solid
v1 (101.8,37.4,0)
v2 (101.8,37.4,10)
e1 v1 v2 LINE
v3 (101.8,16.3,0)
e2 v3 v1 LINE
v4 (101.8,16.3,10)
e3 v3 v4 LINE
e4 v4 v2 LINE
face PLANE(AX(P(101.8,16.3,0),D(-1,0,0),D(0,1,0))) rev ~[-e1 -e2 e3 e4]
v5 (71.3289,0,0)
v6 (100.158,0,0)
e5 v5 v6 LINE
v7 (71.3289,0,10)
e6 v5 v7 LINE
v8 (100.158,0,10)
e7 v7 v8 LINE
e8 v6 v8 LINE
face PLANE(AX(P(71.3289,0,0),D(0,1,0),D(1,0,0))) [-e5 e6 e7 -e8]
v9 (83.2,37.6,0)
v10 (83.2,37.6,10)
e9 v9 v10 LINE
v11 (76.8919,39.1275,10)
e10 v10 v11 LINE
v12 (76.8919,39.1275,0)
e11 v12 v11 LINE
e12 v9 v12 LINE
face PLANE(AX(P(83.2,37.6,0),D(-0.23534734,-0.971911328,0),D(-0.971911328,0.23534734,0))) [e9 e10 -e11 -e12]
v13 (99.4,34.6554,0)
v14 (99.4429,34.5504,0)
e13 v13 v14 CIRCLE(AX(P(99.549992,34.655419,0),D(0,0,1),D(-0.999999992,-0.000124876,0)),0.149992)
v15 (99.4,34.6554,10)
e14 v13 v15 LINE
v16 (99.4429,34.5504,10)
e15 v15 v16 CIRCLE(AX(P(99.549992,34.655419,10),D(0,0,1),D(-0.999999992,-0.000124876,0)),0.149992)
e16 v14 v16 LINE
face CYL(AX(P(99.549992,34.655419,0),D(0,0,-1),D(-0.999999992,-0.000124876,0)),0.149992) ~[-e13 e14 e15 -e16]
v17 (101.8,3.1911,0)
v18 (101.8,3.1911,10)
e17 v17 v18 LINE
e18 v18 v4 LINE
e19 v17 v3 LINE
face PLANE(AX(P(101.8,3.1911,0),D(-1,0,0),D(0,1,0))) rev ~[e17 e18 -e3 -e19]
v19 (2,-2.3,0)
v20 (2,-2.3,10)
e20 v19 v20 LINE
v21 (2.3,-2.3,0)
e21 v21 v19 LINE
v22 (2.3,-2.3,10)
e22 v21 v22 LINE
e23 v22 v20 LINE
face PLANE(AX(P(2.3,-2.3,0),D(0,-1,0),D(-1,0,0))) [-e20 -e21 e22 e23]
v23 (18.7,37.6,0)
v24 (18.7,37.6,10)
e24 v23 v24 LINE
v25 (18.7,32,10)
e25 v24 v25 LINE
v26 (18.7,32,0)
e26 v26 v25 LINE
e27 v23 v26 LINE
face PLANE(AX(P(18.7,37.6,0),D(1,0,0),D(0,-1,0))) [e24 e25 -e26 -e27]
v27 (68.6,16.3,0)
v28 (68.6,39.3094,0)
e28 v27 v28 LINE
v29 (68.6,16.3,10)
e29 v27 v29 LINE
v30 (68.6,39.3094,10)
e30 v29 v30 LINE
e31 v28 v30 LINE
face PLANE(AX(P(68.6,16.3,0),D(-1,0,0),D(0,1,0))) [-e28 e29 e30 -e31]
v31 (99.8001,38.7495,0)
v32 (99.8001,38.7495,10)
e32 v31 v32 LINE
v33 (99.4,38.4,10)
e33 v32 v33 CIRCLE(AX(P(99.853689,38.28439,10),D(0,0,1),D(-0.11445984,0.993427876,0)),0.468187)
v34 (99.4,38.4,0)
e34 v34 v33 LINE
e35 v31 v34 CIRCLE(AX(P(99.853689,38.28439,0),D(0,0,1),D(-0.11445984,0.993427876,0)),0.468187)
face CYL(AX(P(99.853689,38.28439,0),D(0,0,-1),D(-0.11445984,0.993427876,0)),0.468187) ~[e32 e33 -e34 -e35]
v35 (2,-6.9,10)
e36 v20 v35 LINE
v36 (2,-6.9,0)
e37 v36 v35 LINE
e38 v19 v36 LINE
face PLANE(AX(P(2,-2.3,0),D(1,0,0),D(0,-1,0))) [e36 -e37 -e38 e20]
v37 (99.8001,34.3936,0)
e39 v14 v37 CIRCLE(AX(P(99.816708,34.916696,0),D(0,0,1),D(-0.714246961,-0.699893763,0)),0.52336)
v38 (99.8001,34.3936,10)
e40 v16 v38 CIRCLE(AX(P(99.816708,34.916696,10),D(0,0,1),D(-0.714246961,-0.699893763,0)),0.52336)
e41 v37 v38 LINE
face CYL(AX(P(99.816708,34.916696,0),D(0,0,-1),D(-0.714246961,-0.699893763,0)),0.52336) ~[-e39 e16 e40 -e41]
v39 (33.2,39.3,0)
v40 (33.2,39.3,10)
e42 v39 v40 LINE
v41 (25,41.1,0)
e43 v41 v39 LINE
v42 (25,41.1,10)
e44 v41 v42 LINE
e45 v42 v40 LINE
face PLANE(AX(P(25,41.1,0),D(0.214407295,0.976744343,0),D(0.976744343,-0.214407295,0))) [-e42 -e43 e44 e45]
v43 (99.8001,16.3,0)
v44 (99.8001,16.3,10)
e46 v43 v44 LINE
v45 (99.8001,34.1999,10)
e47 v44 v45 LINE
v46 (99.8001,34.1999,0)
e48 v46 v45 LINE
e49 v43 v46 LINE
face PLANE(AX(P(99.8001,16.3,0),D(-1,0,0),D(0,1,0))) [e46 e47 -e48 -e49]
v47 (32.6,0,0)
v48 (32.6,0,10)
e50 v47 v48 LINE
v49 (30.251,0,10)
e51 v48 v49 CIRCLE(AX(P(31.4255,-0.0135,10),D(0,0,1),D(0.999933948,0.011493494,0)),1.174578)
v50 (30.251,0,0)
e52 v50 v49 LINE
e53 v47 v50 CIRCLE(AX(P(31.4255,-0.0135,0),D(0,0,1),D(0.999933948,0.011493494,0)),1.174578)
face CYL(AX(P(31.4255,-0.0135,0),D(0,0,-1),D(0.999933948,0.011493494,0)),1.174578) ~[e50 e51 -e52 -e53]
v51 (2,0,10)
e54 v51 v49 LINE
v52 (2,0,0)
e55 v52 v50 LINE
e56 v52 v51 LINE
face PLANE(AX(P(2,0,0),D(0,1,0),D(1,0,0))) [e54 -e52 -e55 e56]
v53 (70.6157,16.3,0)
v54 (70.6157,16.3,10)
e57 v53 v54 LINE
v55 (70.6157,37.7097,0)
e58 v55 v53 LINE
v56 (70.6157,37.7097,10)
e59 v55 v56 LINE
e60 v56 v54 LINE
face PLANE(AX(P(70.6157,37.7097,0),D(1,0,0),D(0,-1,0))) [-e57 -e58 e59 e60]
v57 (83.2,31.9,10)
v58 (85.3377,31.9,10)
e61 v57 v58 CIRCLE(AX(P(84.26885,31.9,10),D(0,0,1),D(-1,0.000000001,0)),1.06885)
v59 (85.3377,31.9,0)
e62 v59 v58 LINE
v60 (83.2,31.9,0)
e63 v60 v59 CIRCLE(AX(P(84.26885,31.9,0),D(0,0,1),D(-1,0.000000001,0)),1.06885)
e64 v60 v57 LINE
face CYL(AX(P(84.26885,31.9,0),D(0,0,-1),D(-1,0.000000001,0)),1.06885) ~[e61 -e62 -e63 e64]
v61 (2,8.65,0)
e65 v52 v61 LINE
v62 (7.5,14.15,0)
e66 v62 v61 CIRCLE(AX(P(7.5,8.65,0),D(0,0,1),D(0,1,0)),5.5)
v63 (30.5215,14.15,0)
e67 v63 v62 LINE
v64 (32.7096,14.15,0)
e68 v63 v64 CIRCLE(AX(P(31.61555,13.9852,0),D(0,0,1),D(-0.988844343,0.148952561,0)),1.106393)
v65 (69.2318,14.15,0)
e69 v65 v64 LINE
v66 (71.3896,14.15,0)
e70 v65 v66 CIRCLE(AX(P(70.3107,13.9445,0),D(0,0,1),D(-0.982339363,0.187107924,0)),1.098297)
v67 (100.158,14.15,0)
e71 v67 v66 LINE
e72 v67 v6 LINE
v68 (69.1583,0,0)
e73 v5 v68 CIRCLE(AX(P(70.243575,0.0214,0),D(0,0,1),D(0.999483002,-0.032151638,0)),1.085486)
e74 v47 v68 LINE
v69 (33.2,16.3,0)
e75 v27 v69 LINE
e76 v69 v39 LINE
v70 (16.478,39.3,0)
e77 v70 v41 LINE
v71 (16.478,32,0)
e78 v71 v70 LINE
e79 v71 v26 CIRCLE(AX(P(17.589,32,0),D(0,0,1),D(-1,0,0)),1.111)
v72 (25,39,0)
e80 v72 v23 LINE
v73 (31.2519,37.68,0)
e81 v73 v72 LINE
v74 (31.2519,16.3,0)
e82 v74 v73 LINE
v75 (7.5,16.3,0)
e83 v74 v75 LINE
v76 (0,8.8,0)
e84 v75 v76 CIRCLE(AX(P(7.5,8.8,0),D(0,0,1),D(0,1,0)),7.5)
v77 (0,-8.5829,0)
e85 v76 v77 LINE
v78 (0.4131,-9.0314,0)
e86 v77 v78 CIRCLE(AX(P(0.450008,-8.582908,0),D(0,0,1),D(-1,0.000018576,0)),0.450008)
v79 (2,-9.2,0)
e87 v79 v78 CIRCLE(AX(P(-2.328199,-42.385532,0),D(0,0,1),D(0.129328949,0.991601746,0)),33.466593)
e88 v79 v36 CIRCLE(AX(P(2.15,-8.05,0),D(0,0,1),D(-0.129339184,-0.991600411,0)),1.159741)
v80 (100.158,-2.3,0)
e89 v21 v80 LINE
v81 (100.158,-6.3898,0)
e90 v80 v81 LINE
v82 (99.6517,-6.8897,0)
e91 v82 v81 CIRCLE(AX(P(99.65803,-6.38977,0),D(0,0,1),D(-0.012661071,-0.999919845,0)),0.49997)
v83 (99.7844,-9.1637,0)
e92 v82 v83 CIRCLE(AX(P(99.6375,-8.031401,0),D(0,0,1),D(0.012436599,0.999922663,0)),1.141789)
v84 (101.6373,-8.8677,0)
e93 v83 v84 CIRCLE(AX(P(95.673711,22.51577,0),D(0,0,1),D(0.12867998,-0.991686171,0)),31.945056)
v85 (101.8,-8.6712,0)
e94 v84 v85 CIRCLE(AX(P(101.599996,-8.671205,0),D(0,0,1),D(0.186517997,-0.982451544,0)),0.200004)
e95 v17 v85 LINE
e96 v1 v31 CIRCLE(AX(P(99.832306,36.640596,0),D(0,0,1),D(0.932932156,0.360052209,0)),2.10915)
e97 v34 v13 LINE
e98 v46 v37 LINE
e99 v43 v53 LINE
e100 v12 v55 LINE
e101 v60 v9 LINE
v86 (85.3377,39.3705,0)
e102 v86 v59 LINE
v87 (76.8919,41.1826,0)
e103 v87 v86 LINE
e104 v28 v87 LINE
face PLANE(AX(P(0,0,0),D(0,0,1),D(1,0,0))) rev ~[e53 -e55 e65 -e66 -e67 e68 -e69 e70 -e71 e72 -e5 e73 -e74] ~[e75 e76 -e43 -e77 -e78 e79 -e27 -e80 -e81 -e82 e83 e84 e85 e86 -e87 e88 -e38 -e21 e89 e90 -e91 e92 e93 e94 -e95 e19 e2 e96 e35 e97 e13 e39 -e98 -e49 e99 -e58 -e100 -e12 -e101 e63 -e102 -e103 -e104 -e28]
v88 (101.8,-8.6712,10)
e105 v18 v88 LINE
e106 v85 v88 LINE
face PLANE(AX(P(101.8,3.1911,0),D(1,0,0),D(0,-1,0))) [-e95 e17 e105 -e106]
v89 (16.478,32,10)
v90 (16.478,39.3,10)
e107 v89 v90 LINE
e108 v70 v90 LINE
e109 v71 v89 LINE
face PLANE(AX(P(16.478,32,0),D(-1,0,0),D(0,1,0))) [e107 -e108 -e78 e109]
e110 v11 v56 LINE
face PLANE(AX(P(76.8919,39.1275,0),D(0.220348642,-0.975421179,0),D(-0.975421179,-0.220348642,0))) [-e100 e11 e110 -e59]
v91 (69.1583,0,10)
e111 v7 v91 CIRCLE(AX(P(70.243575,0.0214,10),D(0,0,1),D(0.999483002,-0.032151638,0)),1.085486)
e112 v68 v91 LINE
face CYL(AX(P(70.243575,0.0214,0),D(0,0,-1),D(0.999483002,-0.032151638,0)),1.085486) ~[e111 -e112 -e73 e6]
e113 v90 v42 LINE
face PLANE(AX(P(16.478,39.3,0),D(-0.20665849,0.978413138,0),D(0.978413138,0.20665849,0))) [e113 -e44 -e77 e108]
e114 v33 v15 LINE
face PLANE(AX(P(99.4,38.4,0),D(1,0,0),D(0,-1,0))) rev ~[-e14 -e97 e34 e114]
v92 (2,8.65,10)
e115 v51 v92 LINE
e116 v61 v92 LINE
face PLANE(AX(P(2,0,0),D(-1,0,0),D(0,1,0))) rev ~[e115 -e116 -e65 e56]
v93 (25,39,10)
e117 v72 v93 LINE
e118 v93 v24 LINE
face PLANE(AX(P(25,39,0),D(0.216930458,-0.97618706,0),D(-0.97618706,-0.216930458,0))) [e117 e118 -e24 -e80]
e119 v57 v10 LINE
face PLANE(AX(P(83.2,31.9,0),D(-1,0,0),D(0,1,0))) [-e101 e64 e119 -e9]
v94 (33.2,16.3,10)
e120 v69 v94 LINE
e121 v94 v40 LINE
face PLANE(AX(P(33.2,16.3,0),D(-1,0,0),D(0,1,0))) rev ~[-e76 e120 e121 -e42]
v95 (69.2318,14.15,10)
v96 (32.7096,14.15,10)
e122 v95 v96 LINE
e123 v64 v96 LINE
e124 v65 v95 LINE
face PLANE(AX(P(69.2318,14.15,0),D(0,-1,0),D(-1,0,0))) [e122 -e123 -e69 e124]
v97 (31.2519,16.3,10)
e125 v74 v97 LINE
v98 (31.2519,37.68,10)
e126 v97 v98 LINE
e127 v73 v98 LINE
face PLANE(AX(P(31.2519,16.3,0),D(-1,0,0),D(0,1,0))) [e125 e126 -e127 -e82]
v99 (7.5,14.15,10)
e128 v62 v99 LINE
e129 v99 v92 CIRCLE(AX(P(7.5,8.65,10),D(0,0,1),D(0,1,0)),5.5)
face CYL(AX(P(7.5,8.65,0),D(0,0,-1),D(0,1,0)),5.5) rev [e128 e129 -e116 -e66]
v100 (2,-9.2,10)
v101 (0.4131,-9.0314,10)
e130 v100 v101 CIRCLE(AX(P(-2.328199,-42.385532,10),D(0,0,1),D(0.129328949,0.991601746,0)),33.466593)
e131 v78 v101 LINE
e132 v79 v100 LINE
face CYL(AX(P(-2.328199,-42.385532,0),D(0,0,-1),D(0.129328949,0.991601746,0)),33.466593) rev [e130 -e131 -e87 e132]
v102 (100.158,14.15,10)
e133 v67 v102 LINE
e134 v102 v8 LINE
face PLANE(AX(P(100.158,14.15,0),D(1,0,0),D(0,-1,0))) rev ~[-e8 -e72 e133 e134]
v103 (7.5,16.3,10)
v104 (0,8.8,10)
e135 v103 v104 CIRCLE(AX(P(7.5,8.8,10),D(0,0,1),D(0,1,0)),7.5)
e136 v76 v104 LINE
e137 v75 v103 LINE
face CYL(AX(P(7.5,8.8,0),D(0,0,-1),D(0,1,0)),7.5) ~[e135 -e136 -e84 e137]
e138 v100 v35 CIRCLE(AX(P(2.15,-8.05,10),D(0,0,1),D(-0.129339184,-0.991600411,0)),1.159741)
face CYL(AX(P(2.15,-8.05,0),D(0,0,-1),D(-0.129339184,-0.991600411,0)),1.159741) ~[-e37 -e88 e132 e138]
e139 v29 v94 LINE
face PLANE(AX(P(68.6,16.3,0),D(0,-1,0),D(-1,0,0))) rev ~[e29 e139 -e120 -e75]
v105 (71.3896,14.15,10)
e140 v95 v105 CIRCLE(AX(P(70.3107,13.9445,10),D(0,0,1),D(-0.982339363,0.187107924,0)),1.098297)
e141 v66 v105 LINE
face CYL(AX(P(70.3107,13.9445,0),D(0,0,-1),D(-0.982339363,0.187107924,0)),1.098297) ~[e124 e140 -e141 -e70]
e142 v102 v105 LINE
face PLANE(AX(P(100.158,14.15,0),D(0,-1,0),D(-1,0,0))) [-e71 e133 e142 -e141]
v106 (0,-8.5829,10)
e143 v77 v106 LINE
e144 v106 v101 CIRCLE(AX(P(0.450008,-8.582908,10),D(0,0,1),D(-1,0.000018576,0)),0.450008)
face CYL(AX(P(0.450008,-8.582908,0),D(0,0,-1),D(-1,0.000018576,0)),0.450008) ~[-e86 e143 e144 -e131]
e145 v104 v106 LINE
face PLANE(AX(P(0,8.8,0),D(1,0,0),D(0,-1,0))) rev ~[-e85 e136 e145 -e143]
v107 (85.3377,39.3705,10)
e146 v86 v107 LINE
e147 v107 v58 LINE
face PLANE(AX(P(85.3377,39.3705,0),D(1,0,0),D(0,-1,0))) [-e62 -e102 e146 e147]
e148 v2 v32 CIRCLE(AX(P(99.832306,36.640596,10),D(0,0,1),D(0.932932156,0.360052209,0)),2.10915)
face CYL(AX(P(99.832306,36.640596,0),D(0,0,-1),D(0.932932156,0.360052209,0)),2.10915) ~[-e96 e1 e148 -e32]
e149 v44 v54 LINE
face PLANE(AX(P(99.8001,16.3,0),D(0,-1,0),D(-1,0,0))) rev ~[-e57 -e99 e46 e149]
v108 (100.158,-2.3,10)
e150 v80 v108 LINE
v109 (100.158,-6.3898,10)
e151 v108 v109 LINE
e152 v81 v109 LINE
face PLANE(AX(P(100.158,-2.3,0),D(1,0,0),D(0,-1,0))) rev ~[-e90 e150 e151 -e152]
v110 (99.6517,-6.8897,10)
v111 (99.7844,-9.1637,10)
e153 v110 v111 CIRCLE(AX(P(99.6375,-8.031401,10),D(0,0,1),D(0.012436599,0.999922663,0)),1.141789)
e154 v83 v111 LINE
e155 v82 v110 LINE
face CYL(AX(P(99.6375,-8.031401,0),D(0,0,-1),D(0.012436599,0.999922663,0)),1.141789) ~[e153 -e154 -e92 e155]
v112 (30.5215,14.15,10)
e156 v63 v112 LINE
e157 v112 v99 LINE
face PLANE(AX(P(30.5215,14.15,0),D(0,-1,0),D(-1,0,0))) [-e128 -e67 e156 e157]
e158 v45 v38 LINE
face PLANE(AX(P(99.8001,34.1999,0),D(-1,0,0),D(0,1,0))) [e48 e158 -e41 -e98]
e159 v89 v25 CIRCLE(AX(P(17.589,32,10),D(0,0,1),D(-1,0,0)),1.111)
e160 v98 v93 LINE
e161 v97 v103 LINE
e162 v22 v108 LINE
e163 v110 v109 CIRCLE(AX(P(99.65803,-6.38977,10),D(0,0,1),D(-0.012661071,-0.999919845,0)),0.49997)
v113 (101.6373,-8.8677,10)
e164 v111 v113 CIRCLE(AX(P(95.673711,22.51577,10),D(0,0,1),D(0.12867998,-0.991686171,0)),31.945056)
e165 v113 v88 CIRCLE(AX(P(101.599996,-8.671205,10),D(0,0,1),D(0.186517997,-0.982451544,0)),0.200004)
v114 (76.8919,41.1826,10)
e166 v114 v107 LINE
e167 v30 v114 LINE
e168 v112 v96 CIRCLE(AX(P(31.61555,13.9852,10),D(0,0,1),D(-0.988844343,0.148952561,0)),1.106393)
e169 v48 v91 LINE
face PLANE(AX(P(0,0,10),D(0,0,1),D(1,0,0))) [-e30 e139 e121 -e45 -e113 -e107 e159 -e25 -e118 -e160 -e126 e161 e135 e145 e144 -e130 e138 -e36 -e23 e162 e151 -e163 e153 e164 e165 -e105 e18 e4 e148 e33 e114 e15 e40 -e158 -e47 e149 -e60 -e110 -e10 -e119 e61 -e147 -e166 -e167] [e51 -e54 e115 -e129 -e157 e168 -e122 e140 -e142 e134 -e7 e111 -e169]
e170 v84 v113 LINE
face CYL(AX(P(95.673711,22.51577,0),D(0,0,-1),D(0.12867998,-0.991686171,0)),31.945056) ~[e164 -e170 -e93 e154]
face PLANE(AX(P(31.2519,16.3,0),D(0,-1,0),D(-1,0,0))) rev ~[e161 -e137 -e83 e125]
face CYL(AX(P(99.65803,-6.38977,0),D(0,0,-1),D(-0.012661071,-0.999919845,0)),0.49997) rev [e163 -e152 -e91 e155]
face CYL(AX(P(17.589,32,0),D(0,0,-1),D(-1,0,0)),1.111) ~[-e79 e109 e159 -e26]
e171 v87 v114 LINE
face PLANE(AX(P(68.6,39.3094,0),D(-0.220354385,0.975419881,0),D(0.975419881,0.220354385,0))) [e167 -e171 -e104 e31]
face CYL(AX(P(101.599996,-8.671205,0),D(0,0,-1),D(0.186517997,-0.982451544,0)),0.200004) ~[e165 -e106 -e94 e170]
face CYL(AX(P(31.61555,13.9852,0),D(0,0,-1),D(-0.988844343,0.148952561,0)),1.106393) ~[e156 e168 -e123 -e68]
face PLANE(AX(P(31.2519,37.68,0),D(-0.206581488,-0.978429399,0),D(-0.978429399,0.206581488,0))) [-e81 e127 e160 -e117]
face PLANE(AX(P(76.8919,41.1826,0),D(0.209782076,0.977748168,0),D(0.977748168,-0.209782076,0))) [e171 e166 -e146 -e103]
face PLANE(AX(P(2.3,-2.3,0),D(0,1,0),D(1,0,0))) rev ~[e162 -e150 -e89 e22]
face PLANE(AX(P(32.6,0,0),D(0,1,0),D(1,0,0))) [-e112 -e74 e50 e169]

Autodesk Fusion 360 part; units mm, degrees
sketch "Boceto1" plane through (0, 0, 0) normal (0, 0, 1) x (1, 0, 0)
  line L0 (2, 0) -> (2, 8.65)
  line L1 (101.8, 16.3) -> (101.85, 16.3)
  arc A0 (7.5, 14.15) -> (2, 8.65) centre (7.5, 8.65) ccw
  arc A1 (7.5, 16.3) -> (0, 8.8) centre (7.5, 8.8) ccw
  line L2 (2, -2.3) -> (2, -6.9)
  line L3 (2.3, -2.3) -> (2, -2.3)
  line L4 (2.3, -2.3) -> (100.158, -2.3)
  line L5 (101.8, 3.1911) -> (101.8, -8.6712)
  line L6 (101.8, 3.1911) -> (101.8, 37.4)
  line L7 (99.8001, 16.3) -> (99.8001, 34.1999)
  line L8 (100.158, 14.15) -> (100.158, 0)
  line L9 (100.158, -2.3) -> (100.158, -6.3898)
  arc A2 (2, -9.2) -> (2, -6.9) centre (2.15, -8.05) ccw
  arc A3 (2, -9.2) -> (0.4131, -9.0314) centre (-2.3285, -42.3855) ccw
  arc A4 (0, -8.5829) -> (0.4131, -9.0314) centre (0.45, -8.5829) ccw
  arc A5 (99.6517, -6.8897) -> (99.7844, -9.1637) centre (99.6375, -8.0314) ccw
  arc A6 (99.7844, -9.1637) -> (101.6373, -8.8677) centre (95.6739, 22.5158) ccw
  arc A7 (101.6373, -8.8677) -> (101.8, -8.6712) centre (101.6, -8.6712) ccw
  arc A8 (30.5215, 14.15) -> (32.7096, 14.15) centre (31.6155, 13.9852) ccw
  arc A9 (32.6, 0) -> (30.251, 0) centre (31.4255, -0.0135) ccw
  arc A10 (71.3285, -0.0135) -> (69.1583, 0) centre (70.2436, 0.0214) ccw
  arc A11 (69.2318, 14.15) -> (71.3896, 14.15) centre (70.3107, 13.9445) ccw
  line L10 (30.5215, 14.15) -> (7.5, 14.15)
  line L11 (100.158, 14.15) -> (71.3896, 14.15)
  line L12 (69.2318, 14.15) -> (32.7096, 14.15)
  line L13 (71.3289, 0) -> (100.158, 0)
  line L14 (2, 0) -> (30.251, 0)
  line L15 (32.6, 0) -> (69.1583, 0)
  line L16 (31.2519, 16.3) -> (31.2519, 37.68)
  line L17 (33.2, 16.3) -> (33.2, 39.3)
  line L18 (31.2519, 37.68) -> (25, 39)
  line L19 (25, 39) -> (18.7, 37.6)
  line L20 (18.7, 37.6) -> (18.7, 32)
  line L21 (16.478, 32) -> (16.478, 39.3)
  line L22 (16.478, 39.3) -> (25, 41.1)
  line L23 (25, 41.1) -> (33.2, 39.3)
  arc A12 (16.478, 32) -> (18.7, 32) centre (17.589, 32) ccw
  line L24 (31.2519, 16.3) -> (7.5, 16.3)
  line L25 (68.6, 16.3) -> (68.6, 39.3094)
  line L26 (68.6, 39.3094) -> (76.8919, 41.1826)
  line L27 (76.8919, 41.1826) -> (85.3377, 39.3705)
  line L28 (85.3377, 39.3705) -> (85.3377, 31.9)
  line L29 (83.2, 31.9) -> (83.2, 37.6)
  line L30 (83.2, 37.6) -> (76.8919, 39.1275)
  line L31 (76.8919, 39.1275) -> (70.6157, 37.7097)
  line L32 (70.6157, 37.7097) -> (70.6157, 16.3)
  line L33 (99.9, 16.3) -> (70.6157, 16.3)
  line L34 (68.6, 16.3) -> (33.2, 16.3)
  arc A13 (83.2, 31.9) -> (85.3377, 31.9) centre (84.2689, 31.9) ccw
  arc A14 (101.8, 37.4) -> (99.8001, 38.7495) centre (99.8323, 36.6406) ccw
  line L35 (99.4, 38.4) -> (99.4, 34.6554)
  arc A15 (99.8001, 38.7495) -> (99.4, 38.4) centre (99.8537, 38.2844) ccw
  arc A16 (99.4429, 34.5504) -> (99.8001, 34.3936) centre (99.8167, 34.9167) ccw
  line L36 (99.8001, 34.1999) -> (99.8001, 34.3936)
  arc A17 (99.4, 34.6554) -> (99.4429, 34.5504) centre (99.55, 34.6554) ccw
  arc A18 (99.6517, -6.8897) -> (100.158, -6.3898) centre (99.658, -6.3898) ccw
  line L37 (0, 8.8) -> (0, -8.5829)
  dimension "d1" = 101.85
  dimension "d3" = 5.5
  dimension "d4" = 7.5
  dimension "d5" = 0.45
  dimension "d6" = 0.2
  dimension "d7" = 0.15
  dimension "d8" = 0.5
extrude "Extruir1" add sketch "Boceto1" along normal blind 10
equation "L = 10 mm"
equation "d10 = L"
